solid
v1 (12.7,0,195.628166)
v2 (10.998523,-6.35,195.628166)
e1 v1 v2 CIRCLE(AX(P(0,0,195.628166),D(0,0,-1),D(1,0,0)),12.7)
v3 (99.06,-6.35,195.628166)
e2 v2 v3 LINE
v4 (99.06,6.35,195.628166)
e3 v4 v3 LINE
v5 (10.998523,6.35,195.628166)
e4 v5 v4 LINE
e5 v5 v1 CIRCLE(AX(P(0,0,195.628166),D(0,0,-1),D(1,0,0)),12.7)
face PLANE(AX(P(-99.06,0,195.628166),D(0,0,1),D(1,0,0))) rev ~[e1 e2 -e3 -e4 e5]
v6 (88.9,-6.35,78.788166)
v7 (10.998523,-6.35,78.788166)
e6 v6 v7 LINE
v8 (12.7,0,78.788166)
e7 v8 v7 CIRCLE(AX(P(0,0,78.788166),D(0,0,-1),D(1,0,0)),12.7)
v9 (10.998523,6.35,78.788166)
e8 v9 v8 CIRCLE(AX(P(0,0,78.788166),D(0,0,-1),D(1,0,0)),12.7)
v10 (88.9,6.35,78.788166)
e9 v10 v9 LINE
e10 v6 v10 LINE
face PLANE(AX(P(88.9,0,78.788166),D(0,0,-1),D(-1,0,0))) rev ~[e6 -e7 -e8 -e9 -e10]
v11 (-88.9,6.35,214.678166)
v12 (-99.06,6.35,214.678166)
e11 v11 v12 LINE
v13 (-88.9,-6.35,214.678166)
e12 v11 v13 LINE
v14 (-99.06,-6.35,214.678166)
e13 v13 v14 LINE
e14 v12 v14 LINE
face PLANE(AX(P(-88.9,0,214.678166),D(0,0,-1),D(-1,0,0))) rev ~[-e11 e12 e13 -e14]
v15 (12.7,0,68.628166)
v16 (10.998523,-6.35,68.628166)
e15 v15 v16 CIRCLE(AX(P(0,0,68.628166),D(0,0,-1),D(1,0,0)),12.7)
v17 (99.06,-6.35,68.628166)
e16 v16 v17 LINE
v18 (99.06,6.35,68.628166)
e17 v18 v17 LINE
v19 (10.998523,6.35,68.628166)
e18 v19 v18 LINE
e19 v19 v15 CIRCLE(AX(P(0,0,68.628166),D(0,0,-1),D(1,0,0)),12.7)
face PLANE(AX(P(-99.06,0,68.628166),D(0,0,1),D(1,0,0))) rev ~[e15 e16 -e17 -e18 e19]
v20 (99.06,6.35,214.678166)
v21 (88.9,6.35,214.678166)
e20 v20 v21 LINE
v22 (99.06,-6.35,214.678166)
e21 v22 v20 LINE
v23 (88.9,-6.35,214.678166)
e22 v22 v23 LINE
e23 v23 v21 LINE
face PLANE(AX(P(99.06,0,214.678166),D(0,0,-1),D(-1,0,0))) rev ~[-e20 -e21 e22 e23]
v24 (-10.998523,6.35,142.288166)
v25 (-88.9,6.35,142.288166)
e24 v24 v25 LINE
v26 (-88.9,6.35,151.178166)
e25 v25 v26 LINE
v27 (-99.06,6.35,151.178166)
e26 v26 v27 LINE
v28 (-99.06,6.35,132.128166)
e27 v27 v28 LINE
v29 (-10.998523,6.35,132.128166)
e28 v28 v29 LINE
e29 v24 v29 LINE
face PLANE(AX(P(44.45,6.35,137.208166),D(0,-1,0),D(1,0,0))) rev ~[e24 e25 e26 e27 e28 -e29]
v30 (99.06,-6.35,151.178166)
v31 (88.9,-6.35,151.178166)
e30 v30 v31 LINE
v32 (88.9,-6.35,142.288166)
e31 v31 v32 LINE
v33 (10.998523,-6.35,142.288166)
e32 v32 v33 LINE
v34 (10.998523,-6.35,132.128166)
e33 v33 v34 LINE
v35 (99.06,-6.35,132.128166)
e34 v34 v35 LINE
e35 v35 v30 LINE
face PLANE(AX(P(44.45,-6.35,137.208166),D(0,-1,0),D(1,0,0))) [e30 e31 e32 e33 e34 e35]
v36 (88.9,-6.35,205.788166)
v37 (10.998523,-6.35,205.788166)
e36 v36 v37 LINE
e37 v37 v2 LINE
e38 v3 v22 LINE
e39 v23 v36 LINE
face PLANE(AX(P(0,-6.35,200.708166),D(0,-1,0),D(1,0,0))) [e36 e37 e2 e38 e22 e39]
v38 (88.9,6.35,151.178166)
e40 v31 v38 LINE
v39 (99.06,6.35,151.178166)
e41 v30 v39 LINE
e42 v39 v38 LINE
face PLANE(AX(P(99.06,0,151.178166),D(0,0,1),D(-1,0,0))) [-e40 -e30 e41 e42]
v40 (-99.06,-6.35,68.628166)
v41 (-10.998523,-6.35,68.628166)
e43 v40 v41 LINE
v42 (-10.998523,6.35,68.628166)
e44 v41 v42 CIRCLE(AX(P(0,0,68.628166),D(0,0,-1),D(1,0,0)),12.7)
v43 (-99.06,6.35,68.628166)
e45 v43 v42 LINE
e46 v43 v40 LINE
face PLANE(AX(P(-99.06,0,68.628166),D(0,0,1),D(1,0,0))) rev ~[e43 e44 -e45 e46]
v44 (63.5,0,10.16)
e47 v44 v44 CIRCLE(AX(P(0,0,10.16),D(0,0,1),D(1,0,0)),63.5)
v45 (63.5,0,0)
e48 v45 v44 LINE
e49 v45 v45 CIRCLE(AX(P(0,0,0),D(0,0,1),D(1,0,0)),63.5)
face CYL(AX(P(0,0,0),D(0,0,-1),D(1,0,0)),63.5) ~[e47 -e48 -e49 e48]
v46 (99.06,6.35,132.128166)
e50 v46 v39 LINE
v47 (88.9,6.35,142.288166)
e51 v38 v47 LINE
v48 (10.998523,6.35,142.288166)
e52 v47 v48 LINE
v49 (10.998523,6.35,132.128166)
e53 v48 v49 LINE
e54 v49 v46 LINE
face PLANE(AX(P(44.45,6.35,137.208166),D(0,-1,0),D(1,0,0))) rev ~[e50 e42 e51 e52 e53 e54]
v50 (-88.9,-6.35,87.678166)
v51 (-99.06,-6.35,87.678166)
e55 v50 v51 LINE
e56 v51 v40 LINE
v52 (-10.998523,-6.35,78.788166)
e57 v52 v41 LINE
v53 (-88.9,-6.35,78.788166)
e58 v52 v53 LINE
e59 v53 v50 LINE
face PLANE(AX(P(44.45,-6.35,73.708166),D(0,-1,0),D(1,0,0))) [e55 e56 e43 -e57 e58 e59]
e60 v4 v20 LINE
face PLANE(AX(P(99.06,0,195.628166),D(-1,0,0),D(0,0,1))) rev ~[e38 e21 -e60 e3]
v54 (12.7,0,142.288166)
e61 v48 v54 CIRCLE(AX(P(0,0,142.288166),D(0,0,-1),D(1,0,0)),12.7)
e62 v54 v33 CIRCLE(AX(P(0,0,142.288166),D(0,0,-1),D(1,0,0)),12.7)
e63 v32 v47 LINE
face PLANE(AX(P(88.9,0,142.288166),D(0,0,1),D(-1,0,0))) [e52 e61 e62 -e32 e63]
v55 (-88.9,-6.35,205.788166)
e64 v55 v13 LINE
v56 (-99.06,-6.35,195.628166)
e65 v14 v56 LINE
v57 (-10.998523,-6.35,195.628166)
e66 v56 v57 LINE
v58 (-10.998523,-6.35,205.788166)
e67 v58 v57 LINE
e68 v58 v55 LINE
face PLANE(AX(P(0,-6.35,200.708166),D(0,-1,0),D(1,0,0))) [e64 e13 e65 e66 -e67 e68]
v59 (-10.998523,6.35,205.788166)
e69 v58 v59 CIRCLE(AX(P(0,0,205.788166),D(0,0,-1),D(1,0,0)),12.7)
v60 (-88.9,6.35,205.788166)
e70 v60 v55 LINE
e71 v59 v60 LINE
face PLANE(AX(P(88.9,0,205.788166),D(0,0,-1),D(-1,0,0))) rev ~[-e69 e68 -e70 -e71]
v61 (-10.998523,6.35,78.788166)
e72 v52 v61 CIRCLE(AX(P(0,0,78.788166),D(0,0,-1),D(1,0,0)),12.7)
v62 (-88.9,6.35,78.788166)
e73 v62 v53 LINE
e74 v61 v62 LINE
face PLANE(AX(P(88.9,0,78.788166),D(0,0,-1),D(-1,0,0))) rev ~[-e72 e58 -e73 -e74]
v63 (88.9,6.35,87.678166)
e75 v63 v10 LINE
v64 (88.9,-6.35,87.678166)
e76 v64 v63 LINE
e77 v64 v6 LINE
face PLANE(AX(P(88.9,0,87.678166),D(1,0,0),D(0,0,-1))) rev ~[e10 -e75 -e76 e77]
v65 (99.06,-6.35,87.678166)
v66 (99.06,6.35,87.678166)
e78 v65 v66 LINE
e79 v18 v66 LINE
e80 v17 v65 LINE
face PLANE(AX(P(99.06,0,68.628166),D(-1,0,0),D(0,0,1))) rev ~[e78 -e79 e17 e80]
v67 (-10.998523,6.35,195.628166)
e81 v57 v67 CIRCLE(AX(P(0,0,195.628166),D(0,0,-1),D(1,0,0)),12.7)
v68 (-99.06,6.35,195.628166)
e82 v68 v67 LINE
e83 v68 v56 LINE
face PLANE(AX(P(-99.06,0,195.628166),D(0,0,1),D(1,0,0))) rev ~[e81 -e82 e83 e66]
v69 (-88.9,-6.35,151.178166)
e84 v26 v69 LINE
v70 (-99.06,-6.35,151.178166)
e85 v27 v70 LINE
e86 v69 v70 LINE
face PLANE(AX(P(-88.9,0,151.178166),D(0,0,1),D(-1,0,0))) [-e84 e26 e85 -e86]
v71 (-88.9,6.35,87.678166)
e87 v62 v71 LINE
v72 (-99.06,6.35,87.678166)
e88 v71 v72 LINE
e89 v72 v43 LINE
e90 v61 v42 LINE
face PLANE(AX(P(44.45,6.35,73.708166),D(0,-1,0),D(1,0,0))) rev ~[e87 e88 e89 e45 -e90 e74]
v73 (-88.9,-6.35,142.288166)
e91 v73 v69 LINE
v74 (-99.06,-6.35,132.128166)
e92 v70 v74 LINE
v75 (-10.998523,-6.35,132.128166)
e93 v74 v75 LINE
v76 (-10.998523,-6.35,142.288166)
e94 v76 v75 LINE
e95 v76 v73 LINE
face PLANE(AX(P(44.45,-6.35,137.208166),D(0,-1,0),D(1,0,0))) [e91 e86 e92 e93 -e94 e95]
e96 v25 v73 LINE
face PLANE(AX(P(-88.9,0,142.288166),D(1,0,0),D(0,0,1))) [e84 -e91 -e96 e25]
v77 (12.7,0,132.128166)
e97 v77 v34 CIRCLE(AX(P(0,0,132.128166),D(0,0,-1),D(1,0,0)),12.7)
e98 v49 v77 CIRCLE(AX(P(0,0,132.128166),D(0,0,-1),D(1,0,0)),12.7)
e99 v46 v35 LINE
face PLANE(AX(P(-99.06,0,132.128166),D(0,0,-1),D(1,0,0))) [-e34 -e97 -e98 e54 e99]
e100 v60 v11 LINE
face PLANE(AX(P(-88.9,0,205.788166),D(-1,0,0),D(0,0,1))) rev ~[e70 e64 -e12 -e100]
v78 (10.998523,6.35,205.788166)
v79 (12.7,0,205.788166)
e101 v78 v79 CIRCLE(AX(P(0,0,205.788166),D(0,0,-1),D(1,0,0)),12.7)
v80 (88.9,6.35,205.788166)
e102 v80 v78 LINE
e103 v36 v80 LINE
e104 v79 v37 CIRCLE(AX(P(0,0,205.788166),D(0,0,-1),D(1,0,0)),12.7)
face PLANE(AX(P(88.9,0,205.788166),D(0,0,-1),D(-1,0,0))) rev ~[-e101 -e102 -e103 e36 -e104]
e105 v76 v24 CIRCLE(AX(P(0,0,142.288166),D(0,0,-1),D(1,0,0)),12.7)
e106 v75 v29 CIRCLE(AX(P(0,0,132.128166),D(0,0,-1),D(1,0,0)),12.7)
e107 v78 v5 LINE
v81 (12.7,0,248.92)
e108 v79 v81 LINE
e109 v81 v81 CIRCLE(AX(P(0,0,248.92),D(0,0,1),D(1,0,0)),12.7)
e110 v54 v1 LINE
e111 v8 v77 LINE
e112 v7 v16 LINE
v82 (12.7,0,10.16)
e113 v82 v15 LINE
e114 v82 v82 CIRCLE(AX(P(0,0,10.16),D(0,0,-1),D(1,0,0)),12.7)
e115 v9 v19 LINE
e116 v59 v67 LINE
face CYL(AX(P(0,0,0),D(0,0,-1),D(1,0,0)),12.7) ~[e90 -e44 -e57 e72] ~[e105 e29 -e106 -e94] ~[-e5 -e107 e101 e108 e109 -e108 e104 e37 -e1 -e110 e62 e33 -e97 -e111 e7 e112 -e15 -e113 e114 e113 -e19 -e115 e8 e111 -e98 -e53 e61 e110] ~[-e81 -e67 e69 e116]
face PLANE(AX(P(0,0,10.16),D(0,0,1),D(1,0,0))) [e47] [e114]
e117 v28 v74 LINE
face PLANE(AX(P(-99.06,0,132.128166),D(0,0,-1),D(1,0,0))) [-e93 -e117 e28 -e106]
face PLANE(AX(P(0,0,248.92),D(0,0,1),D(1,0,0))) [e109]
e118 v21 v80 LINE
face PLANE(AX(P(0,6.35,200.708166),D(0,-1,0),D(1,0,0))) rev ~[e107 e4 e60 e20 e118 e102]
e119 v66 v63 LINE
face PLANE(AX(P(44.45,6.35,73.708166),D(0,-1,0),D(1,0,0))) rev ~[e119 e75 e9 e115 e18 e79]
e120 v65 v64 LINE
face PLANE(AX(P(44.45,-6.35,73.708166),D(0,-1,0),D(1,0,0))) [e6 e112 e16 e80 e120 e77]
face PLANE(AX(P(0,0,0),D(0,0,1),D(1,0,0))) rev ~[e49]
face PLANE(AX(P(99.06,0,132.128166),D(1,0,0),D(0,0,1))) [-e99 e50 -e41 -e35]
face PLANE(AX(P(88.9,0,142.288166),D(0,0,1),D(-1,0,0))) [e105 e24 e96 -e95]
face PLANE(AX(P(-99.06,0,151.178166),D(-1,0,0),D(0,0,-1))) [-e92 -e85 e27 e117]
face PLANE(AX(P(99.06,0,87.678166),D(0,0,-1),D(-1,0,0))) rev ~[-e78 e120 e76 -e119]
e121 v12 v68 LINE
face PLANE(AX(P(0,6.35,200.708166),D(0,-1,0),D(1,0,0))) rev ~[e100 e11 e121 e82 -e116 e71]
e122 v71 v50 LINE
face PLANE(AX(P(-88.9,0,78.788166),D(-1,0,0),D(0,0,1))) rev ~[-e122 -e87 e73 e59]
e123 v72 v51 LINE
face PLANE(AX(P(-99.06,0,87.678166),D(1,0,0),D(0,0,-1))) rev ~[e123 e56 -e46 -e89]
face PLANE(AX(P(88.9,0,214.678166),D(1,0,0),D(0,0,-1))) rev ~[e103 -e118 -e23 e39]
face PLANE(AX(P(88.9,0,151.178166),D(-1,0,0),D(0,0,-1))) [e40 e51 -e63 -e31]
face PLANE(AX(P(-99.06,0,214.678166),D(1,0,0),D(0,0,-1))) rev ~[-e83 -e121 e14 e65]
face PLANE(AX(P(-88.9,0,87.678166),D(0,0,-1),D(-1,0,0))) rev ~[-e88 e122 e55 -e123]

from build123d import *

# Parameters (mm, degrees)
F0_R     = 63.5
F1_DEPTH = 10.16
F2_R     = 12.7
F3_DEPTH = 248.92
F5_DEPTH = 6.35


with BuildPart() as f1:
    # F0 (on Top) → F1 (new body)
    with BuildSketch(Plane.XY):
        Circle(F0_R)
    extrude(amount=F1_DEPTH)

    # F2 (on Top) → F3 (join)
    with BuildSketch(Plane.XY):
        Circle(F2_R)
    extrude(amount=F3_DEPTH)

    # F4 (on Front) → F5 (join, symmetric)
    with BuildSketch(Plane.XZ):
        Polygon((-88.9, 205.788166), (-88.9, 195.628166), (0, 195.628166), (88.9, 195.628166), (88.9, 205.788166), align=None)
        Polygon((-99.06, 195.628166), (-88.9, 195.628166), (-88.9, 205.788166), (-88.9, 214.678166), (-99.06, 214.678166), align=None)
        Polygon((88.9, 78.788166), (0, 78.788166), (0, 73.708166), (0, 68.628166), (88.9, 68.628166), align=None)
        Polygon((0, 73.708166), (0, 78.788166), (-88.9, 78.788166), (-88.9, 68.628166), (0, 68.628166), align=None)
        Polygon((88.9, 142.288166), (0, 142.288166), (0, 137.208166), (0, 132.128166), (88.9, 132.128166), align=None)
        Polygon((0, 137.208166), (0, 142.288166), (-88.9, 142.288166), (-88.9, 132.128166), (0, 132.128166), align=None)
        Polygon((88.9, 205.788166), (88.9, 195.628166), (99.06, 195.628166), (99.06, 214.678166), (88.9, 214.678166), align=None)
        Polygon((-88.9, 132.128166), (-88.9, 142.288166), (-88.9, 151.178166), (-99.06, 151.178166), (-99.06, 132.128166), align=None)
        Polygon((88.9, 151.178166), (88.9, 142.288166), (88.9, 132.128166), (99.06, 132.128166), (99.06, 151.178166), align=None)
        Polygon((-88.9, 68.628166), (-88.9, 78.788166), (-88.9, 87.678166), (-99.06, 87.678166), (-99.06, 68.628166), align=None)
        Polygon((88.9, 87.678166), (88.9, 78.788166), (88.9, 68.628166), (99.06, 68.628166), (99.06, 87.678166), align=None)
    extrude(amount=F5_DEPTH, both=True)


solid = f1.part
